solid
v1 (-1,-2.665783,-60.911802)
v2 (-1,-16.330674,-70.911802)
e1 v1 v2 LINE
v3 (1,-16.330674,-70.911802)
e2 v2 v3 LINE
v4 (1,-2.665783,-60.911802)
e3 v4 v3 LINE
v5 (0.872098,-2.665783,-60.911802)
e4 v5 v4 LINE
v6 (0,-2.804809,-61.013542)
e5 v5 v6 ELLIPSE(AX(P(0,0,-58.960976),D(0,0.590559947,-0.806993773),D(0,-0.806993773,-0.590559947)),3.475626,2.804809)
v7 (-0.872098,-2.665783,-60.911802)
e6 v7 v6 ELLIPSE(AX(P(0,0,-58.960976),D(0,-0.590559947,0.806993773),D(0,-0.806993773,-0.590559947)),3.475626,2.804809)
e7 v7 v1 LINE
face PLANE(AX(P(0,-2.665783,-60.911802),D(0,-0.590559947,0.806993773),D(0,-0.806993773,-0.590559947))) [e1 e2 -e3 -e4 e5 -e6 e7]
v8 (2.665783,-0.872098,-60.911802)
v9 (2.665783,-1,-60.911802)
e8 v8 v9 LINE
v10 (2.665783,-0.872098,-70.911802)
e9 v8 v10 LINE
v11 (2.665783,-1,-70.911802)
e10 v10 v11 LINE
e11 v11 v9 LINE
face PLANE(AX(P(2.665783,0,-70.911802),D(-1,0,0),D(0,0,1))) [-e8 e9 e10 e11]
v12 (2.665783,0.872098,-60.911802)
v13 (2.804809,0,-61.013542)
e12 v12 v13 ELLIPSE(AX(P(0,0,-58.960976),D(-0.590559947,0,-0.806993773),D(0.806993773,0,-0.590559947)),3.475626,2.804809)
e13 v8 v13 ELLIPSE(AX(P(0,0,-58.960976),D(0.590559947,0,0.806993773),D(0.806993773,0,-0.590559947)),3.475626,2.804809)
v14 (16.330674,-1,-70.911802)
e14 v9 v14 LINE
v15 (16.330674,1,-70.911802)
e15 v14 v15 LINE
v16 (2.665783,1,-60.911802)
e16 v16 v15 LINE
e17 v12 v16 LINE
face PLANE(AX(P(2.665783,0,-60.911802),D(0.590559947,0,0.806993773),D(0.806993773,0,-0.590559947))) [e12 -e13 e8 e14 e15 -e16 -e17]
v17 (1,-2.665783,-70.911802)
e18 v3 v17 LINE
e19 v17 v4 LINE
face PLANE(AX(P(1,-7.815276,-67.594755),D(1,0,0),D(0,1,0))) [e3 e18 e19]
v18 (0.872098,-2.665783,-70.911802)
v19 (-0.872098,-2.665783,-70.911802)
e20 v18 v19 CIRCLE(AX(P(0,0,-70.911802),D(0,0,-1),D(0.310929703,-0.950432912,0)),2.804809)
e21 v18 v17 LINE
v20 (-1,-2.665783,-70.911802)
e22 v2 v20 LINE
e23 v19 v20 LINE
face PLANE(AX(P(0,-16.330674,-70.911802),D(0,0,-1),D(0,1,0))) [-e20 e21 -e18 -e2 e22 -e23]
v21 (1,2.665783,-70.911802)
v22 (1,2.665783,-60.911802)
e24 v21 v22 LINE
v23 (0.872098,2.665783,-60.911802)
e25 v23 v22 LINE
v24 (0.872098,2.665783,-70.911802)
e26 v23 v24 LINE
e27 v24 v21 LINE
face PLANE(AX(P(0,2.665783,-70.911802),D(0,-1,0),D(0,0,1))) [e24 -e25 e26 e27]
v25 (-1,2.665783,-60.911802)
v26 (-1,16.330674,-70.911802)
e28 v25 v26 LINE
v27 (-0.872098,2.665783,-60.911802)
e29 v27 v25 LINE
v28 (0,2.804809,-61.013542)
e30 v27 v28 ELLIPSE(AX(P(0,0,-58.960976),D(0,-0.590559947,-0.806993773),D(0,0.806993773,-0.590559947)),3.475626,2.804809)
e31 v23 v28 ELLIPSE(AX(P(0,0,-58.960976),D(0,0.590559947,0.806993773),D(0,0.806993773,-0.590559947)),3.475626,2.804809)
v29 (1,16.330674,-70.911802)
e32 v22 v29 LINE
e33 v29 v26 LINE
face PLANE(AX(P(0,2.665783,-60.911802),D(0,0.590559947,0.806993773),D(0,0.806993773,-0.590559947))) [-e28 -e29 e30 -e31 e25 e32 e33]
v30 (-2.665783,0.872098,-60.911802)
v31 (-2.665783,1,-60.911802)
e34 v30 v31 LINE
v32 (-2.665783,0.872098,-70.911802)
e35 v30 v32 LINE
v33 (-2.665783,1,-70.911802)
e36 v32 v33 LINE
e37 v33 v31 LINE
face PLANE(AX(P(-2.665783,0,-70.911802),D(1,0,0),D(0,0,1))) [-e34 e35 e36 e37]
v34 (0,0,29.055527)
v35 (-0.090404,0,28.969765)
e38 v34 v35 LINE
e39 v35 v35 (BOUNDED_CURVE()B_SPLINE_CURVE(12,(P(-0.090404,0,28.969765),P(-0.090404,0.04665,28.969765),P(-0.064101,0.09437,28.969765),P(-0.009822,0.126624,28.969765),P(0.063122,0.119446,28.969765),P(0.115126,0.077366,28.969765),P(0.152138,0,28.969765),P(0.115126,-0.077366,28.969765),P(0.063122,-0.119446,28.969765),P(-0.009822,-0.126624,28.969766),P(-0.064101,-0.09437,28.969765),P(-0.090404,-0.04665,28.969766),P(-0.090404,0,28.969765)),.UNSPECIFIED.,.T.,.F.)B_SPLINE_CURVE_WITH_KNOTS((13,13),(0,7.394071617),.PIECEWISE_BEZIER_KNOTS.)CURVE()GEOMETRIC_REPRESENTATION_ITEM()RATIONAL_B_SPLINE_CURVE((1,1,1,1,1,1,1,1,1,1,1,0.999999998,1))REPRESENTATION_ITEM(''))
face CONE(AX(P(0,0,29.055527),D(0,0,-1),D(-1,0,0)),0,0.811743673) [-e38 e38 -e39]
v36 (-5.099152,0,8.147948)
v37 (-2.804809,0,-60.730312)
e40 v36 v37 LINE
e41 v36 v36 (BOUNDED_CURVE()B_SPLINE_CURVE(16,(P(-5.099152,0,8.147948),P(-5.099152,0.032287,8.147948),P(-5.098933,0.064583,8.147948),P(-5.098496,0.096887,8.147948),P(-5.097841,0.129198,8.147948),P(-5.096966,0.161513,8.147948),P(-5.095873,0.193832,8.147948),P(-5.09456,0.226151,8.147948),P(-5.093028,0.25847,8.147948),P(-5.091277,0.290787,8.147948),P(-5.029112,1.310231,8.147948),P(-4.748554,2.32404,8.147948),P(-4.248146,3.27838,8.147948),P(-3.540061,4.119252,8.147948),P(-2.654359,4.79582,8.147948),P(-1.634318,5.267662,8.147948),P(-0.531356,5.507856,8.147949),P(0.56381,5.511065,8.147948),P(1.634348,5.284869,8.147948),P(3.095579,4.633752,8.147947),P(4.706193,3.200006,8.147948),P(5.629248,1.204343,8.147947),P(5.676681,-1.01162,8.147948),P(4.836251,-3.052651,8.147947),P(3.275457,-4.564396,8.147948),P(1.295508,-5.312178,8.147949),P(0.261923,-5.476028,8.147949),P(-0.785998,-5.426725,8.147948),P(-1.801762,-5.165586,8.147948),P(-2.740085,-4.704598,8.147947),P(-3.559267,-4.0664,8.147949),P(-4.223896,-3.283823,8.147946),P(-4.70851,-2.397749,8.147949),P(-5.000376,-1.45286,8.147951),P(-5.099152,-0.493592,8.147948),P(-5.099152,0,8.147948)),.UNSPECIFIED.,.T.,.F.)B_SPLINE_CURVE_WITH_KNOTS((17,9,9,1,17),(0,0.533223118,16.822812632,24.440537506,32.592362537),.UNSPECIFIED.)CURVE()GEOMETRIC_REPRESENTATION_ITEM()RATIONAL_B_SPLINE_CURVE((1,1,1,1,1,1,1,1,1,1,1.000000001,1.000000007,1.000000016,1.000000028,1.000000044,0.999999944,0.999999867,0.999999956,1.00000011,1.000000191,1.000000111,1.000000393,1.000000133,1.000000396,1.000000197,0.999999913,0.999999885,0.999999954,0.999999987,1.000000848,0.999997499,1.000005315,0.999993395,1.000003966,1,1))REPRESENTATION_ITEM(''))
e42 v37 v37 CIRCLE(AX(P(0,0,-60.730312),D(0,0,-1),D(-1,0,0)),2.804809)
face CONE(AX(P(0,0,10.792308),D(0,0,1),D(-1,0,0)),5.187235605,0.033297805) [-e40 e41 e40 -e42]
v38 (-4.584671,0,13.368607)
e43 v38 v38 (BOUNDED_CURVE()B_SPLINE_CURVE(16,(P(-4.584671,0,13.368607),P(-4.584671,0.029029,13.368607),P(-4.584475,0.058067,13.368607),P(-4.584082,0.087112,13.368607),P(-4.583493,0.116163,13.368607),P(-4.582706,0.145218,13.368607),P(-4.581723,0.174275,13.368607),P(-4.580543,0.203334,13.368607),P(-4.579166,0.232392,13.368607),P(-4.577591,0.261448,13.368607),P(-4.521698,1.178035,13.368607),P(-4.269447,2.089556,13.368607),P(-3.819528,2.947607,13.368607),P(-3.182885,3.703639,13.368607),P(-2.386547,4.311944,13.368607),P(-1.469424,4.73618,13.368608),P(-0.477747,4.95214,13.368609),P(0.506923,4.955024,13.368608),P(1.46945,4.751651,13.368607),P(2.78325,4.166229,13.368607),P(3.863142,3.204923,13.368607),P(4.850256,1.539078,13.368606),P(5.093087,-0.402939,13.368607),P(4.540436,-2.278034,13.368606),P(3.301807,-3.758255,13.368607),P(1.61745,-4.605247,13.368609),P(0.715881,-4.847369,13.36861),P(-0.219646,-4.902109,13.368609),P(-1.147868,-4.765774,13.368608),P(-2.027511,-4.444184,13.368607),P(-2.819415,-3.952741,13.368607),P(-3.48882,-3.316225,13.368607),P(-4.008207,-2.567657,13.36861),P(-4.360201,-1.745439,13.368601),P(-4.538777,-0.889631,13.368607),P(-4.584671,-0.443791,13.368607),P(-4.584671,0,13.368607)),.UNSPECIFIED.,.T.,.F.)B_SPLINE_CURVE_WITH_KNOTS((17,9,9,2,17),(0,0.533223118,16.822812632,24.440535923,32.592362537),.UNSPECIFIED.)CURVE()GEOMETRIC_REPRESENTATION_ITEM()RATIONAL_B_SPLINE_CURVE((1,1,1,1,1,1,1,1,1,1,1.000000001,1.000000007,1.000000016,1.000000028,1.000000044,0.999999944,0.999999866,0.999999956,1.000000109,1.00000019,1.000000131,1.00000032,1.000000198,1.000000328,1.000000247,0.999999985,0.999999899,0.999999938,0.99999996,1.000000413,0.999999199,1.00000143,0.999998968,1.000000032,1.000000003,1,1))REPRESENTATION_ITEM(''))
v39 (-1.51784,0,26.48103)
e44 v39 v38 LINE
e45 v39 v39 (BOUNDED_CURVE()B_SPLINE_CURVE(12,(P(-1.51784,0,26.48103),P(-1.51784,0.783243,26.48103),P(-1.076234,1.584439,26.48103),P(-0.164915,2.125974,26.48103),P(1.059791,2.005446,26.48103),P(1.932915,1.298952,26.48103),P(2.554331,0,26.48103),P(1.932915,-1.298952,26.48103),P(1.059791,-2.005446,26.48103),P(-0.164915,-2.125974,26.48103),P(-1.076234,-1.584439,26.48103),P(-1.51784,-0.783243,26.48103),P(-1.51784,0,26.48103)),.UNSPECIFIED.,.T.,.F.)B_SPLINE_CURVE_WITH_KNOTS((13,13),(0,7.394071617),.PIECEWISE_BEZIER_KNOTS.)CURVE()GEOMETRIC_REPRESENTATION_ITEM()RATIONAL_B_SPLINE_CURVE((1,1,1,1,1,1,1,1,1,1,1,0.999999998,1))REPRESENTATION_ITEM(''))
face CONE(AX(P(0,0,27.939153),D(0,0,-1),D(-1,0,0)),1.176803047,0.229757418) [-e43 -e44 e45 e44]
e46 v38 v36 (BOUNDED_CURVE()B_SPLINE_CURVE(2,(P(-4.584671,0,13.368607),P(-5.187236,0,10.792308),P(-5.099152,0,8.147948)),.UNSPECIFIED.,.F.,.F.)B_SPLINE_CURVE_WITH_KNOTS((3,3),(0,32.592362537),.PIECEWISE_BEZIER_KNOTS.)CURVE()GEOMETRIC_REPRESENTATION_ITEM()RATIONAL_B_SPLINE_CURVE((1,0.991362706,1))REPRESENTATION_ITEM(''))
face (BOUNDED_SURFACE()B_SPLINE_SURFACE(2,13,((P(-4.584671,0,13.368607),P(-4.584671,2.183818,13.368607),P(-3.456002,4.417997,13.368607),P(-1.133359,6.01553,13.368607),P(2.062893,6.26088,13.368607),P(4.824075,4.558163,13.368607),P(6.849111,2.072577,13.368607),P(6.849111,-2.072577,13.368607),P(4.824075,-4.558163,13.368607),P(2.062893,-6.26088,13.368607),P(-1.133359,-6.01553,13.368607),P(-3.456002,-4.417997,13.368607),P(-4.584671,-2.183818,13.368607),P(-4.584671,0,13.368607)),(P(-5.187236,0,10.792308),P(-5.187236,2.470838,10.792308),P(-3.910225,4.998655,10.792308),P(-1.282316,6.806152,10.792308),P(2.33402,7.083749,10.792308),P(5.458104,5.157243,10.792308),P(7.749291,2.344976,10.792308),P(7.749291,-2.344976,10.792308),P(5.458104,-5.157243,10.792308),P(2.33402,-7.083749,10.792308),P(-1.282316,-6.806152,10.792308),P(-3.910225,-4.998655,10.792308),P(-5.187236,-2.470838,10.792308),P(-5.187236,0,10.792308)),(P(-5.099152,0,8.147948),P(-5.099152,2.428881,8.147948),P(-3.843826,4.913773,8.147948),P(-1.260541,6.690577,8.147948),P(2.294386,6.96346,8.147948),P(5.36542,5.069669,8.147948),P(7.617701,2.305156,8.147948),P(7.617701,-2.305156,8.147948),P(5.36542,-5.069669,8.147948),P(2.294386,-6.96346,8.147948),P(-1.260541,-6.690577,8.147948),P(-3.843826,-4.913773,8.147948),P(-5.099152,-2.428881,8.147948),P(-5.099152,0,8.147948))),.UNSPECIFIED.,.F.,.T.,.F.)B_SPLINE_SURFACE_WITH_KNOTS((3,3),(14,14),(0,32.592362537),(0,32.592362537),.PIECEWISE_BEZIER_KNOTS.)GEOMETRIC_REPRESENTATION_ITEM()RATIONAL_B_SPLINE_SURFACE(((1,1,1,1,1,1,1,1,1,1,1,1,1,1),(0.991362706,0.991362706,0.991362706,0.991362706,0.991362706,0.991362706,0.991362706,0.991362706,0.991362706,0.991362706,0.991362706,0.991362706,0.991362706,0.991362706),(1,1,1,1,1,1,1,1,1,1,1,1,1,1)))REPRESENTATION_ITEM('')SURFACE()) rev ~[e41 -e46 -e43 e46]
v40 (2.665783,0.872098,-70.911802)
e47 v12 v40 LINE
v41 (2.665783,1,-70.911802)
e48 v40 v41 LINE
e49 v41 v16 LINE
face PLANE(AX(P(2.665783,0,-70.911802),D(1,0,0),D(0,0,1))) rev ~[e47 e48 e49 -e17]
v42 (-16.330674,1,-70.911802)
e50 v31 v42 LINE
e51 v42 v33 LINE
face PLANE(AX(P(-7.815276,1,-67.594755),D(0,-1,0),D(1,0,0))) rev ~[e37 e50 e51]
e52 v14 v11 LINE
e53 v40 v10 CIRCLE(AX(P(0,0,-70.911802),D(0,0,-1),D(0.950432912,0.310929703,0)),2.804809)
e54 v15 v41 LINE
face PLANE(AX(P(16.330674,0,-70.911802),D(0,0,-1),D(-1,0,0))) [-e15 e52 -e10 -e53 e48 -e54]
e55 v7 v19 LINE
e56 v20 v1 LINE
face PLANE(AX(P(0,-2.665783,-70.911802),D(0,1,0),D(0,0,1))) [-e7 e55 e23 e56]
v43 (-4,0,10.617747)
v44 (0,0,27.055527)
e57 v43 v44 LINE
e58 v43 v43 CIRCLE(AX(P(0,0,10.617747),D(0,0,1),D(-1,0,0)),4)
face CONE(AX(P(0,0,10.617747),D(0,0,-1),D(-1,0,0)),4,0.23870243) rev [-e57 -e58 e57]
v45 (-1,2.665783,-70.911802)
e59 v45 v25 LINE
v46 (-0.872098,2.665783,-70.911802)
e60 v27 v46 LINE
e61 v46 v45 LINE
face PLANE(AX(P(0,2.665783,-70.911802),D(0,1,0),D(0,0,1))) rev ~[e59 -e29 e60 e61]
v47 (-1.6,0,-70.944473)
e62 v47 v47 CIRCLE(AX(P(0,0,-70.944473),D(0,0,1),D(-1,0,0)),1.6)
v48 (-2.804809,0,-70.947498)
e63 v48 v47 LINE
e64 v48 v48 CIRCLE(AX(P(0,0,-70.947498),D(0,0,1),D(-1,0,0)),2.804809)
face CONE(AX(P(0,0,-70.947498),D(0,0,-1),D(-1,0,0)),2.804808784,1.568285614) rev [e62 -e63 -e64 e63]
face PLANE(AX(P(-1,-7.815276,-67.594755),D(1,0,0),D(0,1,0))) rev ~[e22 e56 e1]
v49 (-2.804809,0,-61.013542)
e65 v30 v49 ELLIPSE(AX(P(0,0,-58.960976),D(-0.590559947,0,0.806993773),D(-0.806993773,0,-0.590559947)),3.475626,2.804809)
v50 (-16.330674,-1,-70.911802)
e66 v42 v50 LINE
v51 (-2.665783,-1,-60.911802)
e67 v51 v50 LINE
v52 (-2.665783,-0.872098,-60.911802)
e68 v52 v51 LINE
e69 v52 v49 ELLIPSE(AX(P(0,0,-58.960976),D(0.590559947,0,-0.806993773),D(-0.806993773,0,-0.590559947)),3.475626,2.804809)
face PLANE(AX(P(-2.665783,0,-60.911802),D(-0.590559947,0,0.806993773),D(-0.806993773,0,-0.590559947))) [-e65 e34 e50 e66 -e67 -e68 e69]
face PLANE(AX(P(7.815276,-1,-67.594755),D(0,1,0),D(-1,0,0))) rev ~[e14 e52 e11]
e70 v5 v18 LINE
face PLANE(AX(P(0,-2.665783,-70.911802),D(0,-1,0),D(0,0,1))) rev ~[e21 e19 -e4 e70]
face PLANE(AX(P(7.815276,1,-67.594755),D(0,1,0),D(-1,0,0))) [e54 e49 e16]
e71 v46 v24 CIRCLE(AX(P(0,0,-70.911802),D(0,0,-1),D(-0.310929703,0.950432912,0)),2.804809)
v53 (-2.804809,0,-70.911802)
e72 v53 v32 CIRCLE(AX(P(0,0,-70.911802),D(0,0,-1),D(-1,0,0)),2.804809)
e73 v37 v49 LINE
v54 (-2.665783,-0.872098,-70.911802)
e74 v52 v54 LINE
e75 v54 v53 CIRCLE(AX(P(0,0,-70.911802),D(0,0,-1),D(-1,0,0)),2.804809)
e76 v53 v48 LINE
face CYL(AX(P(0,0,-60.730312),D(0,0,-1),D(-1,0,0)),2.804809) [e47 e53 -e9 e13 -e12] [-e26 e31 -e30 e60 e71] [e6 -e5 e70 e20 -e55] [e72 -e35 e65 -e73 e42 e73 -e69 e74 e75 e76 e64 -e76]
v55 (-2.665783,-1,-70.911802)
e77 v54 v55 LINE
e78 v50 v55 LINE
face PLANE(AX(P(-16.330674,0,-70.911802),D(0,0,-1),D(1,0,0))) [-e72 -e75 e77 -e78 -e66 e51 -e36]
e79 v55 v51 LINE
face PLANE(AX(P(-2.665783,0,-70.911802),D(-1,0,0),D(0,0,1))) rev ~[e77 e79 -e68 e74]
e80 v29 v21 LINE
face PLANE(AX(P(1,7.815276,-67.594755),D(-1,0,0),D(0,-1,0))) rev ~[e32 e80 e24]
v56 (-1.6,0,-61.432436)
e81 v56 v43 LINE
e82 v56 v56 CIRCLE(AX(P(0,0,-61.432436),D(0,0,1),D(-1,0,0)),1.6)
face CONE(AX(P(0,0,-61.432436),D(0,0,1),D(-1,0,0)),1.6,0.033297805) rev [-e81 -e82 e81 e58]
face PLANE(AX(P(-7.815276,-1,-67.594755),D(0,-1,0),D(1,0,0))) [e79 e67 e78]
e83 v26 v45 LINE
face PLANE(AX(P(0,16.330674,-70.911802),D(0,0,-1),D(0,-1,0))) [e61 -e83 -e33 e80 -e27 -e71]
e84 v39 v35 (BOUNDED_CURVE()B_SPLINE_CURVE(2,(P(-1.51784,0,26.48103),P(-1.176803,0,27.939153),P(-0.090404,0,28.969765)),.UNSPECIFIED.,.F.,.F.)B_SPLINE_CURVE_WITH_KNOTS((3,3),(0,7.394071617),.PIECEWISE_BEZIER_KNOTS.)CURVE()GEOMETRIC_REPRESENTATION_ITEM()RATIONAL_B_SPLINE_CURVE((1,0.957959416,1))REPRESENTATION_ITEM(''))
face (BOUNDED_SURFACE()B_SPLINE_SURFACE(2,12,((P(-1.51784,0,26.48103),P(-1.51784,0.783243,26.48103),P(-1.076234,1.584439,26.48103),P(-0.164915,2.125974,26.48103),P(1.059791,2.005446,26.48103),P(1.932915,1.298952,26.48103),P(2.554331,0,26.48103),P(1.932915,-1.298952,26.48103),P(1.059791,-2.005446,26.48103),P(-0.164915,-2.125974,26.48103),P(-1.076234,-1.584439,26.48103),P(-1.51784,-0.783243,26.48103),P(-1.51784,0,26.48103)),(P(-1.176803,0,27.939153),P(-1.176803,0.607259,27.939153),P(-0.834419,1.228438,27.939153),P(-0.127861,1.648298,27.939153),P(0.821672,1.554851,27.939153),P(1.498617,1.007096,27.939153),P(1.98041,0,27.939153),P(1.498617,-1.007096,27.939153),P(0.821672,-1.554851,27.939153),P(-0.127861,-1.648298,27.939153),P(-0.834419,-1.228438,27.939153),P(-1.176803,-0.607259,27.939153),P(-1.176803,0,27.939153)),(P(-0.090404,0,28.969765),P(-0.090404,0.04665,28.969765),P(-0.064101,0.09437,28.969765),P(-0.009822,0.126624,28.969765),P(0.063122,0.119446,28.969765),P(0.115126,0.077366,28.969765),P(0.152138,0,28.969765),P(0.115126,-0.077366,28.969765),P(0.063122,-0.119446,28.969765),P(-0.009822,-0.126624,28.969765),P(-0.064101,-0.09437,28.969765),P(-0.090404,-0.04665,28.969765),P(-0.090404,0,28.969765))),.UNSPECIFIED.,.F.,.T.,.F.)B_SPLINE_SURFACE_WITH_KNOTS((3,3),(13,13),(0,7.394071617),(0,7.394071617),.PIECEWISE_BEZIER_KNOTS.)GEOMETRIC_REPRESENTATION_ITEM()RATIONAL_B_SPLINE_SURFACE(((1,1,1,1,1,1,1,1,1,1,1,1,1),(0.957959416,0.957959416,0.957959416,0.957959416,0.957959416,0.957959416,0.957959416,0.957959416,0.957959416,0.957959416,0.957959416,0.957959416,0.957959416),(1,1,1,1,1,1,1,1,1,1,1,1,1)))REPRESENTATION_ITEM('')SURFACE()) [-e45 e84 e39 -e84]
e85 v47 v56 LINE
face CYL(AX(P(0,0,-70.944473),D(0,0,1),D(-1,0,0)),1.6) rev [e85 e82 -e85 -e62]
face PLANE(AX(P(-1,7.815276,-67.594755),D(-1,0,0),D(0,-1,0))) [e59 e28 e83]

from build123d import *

# Parameters (mm, degrees)
F2_R     = 20
F3_R     = 5
F5_DEPTH = 1
F6_DEPTH = 1
F7_COUNT = 4


with BuildPart() as f1:
    # F0 (on Front) → F1 (revolve)
    with BuildSketch(Plane.XZ):
        Polygon((0, 27.0555268526), (0, 29.0555268526), (-1.1768030475, 27.9391527077), (-5.1872356048, 10.792308032), (-2.8048087843, -60.7303120611), (-2.8048087843, -70.9474980831), (-1.6, -70.9444731474), (-1.6, -61.4324361086), (-4, 10.6177468147), align=None)
    revolve(axis=Axis((0, 0, 28.0555268526), (0, 0, -1)))

    # F2
    f2_edges = [f1.edges().sort_by_distance(p)[0] for p in [
        (5.187236, 0, 10.792308),
    ]]
    fillet(f2_edges, radius=F2_R)

    # F3
    f3_edges = [f1.edges().sort_by_distance(p)[0] for p in [
        (1.176803, 0, 27.939153),
    ]]
    fillet(f3_edges, radius=F3_R)

    # F4 (on Front) → F5 (join)
    with BuildSketch(Plane.XZ):
        Polygon((-2.6657825802, -70.9118023515), (-2.6657825802, -60.9118023515), (-16.3306742907, -70.9118023515), align=None)
    extrude(amount=F5_DEPTH)



with BuildPart() as f6:
    # F4 (on Front) → F6 (new body)
    with BuildSketch(Plane.XZ):
        Polygon((-2.6657825802, -70.9118023515), (-2.6657825802, -60.9118023515), (-16.3306742907, -70.9118023515), align=None)
    extrude(amount=-F6_DEPTH)


with BuildPart() as f1_1:
    add(f1.part)

    add(f6.part)  # F7 merges F6
    # F7: F1, F6 ×4 about axis
    f7_axis = Axis((0, 0, -65.9047495574), (0, 0, -1))
    for i in range(1, F7_COUNT):
        add(f1.part.rotate(f7_axis, i * 360 / F7_COUNT))
        add(f6.part.rotate(f7_axis, i * 360 / F7_COUNT))


solid = f1_1.part
